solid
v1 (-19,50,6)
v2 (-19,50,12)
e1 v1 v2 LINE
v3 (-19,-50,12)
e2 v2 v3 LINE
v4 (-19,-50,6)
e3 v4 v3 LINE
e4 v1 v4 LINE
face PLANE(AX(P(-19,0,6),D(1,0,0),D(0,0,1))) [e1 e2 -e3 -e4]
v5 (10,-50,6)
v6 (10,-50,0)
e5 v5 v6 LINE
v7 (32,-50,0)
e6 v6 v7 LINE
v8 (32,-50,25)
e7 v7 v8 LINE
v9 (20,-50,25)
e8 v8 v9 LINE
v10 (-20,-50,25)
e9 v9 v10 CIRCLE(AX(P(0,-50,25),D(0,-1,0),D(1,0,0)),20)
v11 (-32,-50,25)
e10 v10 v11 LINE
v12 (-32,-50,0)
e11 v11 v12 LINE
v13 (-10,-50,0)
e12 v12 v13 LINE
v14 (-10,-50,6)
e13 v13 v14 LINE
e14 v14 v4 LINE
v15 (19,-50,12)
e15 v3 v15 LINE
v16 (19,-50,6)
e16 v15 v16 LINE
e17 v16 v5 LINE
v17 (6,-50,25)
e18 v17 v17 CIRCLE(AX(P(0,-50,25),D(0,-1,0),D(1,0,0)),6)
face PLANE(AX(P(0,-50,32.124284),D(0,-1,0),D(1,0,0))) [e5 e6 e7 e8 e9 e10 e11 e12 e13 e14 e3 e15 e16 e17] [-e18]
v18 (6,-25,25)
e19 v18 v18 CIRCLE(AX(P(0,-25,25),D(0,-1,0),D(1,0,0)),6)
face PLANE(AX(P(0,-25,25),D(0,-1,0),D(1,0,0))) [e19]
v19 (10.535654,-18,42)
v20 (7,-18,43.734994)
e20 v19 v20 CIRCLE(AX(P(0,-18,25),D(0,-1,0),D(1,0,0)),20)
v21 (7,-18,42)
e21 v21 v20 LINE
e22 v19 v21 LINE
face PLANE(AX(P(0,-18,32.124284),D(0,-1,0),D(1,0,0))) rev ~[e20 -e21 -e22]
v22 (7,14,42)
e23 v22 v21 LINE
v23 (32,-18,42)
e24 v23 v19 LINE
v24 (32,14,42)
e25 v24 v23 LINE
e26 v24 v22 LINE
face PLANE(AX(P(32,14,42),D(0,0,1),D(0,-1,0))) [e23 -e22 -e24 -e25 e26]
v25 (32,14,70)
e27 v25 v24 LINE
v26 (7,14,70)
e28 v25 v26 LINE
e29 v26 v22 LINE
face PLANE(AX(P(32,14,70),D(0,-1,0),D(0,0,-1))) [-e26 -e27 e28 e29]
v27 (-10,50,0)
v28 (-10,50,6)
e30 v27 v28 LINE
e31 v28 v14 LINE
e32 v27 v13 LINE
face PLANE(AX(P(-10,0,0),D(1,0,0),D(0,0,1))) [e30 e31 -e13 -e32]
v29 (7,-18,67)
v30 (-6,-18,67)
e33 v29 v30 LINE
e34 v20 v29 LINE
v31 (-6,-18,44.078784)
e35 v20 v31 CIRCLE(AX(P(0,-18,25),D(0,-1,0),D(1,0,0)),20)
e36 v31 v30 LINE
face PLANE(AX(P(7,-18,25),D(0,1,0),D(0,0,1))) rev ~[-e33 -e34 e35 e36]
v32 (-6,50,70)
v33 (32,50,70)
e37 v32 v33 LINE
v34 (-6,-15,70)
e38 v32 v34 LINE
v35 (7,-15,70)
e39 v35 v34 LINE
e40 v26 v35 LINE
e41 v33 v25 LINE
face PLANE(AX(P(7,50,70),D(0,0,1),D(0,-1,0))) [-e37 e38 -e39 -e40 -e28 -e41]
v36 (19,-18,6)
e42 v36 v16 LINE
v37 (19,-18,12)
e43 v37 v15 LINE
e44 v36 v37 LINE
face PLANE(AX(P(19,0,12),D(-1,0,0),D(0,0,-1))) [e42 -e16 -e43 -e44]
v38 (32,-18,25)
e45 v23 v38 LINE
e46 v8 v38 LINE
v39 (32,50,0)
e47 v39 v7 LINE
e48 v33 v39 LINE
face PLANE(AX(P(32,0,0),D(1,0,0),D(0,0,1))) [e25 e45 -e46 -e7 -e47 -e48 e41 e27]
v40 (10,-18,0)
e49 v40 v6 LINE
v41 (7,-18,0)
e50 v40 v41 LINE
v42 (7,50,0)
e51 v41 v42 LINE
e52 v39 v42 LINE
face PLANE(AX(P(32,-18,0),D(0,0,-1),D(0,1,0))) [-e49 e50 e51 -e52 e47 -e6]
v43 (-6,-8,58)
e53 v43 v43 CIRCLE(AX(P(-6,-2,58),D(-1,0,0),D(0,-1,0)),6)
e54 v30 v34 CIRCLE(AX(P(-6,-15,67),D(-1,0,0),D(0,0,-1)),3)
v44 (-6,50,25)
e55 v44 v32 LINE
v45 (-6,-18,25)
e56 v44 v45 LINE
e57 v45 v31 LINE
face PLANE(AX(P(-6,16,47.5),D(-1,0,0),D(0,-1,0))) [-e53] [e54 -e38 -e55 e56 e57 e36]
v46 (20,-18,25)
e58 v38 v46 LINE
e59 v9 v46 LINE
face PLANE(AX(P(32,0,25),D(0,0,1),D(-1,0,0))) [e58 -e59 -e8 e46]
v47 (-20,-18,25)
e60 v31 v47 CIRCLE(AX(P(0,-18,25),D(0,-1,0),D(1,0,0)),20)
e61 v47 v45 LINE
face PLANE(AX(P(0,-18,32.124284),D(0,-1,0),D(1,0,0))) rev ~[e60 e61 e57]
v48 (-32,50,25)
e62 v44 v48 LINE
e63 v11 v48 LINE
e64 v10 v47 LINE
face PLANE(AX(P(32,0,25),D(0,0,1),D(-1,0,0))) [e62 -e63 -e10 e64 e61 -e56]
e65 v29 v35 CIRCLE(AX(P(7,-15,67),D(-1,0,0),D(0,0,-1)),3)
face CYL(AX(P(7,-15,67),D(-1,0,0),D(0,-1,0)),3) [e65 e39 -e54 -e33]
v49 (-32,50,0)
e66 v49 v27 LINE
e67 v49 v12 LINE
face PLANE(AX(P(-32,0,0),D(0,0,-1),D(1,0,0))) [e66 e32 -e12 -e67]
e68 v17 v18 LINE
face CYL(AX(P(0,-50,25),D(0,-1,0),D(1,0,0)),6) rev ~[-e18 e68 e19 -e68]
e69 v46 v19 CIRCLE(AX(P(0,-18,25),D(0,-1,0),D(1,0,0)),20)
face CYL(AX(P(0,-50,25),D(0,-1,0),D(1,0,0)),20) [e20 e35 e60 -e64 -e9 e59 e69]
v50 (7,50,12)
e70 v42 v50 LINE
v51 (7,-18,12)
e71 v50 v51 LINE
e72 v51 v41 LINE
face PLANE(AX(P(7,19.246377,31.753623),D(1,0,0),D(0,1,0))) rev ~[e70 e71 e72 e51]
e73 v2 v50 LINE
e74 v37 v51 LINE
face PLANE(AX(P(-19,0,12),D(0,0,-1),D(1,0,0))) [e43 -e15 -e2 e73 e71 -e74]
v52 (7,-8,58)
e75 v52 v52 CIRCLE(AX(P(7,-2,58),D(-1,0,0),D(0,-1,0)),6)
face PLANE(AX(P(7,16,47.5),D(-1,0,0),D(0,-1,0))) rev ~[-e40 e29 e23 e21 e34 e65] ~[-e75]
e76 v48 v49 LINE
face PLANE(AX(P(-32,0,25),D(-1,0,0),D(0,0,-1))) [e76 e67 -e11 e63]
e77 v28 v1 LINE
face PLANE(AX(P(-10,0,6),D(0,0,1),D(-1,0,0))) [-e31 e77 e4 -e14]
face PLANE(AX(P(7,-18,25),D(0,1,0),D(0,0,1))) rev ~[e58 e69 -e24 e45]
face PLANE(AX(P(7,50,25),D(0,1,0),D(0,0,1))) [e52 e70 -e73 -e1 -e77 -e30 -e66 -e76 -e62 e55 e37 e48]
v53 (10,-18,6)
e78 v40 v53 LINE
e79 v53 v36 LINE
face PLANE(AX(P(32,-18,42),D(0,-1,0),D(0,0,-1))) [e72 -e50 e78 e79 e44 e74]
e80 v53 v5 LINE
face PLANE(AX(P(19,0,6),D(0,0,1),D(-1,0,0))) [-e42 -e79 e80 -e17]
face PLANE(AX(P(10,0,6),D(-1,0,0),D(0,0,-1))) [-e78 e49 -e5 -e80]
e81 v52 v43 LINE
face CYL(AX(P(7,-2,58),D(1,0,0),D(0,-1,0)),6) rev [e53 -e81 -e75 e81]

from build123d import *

# Parameters (mm, degrees)
F1_DEPTH  = 50
F3_DEPTH  = 25
F4_W      = 68
F4_H      = 45
F4_R      = 6
F5_DEPTH  = 13
F6_R      = 3
F8_DEPTH  = 32
F9_R      = 6
F10_DEPTH = 25


with BuildPart() as f1:
    # F0 (on Front) → F1 (new body, symmetric)
    with BuildSketch(Plane.XZ):
        Polygon((-32, 25), (-32, 0), (-10, 0), (-10, 6), (-19, 6), (-19, 12), (19, 12), (19, 6), (10, 6), (10, 0), (32, 0), (32, 25), align=None)
    extrude(amount=F1_DEPTH, both=True)

    # F2 (on face) → F3 (join)
    with BuildSketch(Plane.YZ.offset(32)):
        Polygon((50, 0), (50, 25), (50, 70), (14, 70), (14, 42), (-18, 42), (-18, 25), (-18, 0), align=None)
    extrude(amount=-F3_DEPTH)

    # F4 (on face) → F5 (join)
    with BuildSketch(Plane(origin=(7, 0, 0), x_dir=(0, -1, 0), z_dir=(-1, 0, 0))):
        with Locations((-16, 47.5)):
            Rectangle(F4_W, F4_H)
        with Locations((2, 58)):
            Circle(F4_R, mode=Mode.SUBTRACT)
    extrude(amount=F5_DEPTH)

    # F6
    f6_edges = [f1.edges().sort_by_distance(p)[0] for p in [
        (0.5, -18, 70),
    ]]
    fillet(f6_edges, radius=F6_R)

    # F7 (on face) → F8 (join)
    with BuildSketch(Plane.XZ.offset(50)):
        with BuildLine():
            Line((6, 25), (20, 25))
            ThreePointArc((20, 25), (0, 45), (-20, 25))
            Line((-20, 25), (-6, 25))
            ThreePointArc((-6, 25), (0, 31), (6, 25))
        make_face()
        with BuildLine():
            Line((-6, 25), (6, 25))
            ThreePointArc((6, 25), (0, 31), (-6, 25))
        make_face()
        with BuildLine():
            ThreePointArc((-6, 25), (0, 19), (6, 25))
            Line((6, 25), (-6, 25))
        make_face()
    extrude(amount=-F8_DEPTH)

    # F9 (on face) → F10 (cut)
    with BuildSketch(Plane.XZ.offset(50)):
        with Locations((0, 25)):
            Circle(F9_R)
    extrude(amount=-F10_DEPTH, mode=Mode.SUBTRACT)


solid = f1.part
